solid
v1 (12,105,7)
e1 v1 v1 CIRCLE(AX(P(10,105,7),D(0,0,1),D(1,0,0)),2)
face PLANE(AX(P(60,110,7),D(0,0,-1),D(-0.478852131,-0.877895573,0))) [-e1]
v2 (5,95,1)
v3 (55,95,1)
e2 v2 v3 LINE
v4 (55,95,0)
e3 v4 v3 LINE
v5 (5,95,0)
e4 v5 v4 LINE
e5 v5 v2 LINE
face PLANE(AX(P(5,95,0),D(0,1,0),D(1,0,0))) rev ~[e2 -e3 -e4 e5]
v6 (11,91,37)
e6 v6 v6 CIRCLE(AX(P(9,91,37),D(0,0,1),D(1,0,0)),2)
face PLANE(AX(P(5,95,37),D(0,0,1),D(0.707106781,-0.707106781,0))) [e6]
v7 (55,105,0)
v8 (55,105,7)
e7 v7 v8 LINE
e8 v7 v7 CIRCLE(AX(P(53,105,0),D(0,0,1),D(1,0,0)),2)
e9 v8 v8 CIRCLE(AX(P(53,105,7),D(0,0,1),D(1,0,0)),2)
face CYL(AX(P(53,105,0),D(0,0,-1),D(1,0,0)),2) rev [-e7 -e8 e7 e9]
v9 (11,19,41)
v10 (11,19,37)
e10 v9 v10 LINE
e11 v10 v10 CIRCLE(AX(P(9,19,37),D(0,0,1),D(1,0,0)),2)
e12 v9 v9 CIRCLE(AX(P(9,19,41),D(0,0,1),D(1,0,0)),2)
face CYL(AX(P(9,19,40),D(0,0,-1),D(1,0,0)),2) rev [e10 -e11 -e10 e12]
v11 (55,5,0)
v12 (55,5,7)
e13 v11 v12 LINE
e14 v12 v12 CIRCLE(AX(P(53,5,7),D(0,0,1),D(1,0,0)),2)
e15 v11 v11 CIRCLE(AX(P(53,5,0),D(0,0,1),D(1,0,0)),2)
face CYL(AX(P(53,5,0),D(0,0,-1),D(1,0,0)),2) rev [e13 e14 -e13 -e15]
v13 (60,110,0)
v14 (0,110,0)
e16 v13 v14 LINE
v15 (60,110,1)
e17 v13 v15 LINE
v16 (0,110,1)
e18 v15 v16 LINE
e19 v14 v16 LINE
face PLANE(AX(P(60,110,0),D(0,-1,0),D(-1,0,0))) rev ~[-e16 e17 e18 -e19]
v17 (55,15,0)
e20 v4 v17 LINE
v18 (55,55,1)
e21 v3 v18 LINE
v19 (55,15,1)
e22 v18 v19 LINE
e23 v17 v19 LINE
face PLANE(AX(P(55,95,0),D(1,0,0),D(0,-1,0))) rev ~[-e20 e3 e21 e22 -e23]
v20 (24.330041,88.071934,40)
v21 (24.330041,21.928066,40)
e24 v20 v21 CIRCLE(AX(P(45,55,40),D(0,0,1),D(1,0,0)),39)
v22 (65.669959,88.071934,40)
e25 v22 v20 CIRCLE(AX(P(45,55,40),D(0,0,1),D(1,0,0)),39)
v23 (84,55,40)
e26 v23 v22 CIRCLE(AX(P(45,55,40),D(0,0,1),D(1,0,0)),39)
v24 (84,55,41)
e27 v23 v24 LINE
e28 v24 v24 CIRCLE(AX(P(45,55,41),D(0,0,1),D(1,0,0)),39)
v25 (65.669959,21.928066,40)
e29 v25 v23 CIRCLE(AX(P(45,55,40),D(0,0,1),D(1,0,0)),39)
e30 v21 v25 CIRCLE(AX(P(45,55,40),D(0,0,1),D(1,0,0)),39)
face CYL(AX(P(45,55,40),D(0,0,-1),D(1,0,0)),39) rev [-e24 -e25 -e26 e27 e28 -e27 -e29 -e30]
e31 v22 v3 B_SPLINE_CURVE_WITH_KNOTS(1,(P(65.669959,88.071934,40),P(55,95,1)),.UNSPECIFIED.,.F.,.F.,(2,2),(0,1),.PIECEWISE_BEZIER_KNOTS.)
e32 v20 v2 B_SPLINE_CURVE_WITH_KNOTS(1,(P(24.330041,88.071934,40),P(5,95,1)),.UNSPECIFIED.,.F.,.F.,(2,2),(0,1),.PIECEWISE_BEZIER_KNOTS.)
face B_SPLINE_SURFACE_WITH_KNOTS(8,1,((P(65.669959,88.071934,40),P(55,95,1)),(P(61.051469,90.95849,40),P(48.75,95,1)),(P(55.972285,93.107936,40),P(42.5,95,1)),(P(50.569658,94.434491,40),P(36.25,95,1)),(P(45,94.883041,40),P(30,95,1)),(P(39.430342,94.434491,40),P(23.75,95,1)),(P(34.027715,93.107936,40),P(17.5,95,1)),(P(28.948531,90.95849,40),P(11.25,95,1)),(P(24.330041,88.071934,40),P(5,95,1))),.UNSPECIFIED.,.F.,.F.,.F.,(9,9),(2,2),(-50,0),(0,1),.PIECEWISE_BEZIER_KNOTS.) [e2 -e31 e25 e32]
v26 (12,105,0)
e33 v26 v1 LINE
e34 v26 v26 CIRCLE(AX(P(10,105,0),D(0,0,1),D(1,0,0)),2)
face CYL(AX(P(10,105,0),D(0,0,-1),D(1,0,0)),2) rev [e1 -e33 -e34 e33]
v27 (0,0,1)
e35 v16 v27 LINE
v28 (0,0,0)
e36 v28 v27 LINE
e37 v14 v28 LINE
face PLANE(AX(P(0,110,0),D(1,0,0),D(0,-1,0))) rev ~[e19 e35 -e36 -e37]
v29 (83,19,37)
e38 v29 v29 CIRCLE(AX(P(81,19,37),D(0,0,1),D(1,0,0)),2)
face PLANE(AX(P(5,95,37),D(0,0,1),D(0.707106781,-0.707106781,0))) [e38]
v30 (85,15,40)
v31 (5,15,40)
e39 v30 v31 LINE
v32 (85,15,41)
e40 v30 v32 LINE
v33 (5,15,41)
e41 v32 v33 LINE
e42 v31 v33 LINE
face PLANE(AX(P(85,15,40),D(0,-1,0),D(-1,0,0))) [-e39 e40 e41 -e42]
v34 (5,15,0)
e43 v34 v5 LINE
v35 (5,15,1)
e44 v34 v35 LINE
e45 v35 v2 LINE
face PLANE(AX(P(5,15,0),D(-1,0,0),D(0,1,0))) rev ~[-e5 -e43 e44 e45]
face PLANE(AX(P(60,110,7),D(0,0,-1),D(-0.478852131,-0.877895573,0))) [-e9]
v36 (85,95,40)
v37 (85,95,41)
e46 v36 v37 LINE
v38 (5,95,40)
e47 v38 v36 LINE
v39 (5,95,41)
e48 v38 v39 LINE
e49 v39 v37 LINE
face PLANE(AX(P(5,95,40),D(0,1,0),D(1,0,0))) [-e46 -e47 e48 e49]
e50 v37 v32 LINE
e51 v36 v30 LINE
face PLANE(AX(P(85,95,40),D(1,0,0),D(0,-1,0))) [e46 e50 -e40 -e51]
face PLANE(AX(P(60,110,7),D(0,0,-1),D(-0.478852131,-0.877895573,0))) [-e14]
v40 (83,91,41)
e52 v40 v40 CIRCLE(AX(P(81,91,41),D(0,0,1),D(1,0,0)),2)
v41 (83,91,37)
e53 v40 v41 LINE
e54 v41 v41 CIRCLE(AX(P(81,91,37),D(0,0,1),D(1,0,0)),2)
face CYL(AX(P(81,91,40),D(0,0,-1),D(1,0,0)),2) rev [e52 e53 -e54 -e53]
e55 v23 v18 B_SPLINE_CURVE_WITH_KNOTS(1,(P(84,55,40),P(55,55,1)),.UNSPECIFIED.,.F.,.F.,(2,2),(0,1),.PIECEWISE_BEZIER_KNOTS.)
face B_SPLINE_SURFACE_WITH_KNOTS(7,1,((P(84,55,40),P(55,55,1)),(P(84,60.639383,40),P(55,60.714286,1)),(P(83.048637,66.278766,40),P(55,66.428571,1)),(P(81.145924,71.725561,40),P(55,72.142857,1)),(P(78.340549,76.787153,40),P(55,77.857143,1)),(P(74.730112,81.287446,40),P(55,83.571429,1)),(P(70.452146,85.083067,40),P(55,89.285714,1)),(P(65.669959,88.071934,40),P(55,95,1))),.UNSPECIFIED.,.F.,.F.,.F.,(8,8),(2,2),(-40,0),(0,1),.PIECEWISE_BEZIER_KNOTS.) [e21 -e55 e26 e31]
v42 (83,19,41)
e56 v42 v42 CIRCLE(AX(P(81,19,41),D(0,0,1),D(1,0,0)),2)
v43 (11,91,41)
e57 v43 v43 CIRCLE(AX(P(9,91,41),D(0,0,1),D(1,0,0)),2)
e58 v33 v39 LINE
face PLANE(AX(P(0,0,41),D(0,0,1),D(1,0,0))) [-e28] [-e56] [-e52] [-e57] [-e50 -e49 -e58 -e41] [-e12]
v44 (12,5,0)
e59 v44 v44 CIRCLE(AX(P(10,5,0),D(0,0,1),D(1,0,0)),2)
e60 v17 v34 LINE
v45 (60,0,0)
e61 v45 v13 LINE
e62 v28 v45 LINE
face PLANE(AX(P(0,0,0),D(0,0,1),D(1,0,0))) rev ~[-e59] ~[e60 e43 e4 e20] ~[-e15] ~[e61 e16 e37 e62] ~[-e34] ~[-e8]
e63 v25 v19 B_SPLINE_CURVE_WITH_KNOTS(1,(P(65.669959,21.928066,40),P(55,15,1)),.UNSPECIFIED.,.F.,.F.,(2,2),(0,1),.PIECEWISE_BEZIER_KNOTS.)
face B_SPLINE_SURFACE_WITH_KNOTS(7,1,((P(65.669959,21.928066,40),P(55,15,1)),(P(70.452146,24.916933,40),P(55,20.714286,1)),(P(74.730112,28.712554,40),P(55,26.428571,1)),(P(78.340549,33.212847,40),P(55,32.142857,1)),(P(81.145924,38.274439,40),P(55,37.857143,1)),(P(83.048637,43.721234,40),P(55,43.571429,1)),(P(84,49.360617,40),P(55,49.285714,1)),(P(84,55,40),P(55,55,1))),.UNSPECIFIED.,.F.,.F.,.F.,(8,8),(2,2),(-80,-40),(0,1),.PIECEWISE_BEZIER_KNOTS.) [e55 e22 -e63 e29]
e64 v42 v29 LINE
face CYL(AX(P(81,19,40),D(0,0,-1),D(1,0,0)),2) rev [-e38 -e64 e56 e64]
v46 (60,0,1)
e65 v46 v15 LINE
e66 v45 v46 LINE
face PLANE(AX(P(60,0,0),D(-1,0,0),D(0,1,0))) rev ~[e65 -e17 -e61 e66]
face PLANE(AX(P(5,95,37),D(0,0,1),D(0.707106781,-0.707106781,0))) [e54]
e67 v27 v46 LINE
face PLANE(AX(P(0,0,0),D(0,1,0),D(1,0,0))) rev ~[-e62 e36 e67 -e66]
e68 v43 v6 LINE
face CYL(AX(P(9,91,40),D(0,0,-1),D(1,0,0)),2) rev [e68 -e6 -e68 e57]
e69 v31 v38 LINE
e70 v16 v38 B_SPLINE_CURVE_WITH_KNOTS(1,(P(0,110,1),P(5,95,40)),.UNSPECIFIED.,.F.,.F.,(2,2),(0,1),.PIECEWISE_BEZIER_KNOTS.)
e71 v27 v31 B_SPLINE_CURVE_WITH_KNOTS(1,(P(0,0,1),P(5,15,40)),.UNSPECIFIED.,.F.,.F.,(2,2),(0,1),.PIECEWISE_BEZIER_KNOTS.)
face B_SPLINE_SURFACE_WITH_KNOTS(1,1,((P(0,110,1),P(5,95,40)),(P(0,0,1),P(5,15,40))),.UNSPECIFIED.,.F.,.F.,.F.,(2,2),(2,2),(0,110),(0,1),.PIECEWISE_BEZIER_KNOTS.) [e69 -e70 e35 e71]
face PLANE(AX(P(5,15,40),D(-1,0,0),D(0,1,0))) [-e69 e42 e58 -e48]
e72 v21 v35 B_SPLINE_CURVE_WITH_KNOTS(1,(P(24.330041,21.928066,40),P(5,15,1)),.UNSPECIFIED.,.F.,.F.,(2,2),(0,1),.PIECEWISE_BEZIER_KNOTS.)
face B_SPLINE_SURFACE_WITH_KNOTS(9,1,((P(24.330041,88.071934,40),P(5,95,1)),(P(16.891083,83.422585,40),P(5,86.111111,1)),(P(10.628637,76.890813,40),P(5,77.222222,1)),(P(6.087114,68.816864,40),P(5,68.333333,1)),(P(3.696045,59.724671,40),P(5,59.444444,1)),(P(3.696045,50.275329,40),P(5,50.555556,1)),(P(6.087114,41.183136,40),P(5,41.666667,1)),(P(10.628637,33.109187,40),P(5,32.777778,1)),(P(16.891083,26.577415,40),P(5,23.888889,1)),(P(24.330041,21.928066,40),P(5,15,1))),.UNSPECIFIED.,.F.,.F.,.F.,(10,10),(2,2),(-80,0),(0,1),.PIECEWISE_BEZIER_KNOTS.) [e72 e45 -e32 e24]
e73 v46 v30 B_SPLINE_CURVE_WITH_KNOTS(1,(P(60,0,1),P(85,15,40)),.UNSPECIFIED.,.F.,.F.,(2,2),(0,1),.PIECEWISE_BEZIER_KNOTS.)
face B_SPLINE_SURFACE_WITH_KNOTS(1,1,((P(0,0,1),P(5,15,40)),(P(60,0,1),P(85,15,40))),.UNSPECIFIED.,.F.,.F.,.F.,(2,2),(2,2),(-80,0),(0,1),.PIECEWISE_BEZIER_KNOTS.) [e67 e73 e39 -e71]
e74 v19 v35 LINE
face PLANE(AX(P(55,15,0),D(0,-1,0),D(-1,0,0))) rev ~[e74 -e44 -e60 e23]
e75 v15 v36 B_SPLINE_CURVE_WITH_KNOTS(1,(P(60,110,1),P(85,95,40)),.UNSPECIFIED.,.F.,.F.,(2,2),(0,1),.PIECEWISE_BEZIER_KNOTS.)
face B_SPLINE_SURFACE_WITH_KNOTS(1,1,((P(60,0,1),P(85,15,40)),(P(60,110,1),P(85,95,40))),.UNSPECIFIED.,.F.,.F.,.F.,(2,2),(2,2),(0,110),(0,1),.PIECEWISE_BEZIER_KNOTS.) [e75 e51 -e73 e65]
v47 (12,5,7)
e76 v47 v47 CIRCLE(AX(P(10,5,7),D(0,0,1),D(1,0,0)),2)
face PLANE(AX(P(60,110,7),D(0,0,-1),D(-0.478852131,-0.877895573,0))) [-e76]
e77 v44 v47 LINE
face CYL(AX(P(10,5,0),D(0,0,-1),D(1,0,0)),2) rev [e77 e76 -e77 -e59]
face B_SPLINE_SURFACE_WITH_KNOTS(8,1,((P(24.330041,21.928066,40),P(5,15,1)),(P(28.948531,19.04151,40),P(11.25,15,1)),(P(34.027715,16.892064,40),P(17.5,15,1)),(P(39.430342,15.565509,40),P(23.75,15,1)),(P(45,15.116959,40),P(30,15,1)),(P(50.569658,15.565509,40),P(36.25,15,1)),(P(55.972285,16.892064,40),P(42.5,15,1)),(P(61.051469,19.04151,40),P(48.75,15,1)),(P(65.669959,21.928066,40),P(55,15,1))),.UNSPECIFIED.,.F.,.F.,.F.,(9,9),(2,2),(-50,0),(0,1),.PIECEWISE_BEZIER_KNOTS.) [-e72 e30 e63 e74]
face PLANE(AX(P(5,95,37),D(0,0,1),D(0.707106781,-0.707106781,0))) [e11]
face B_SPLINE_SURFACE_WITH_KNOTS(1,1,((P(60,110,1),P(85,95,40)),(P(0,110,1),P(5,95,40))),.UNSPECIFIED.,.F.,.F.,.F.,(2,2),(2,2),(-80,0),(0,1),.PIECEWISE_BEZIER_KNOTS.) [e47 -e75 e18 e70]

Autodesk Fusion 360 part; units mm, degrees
sketch "Skizze1" plane through (0, 0, 0) normal (0, 0, 1) x (1, 0, 0)
  line L0 (0, 0) -> (60, 0)
  line L1 (60, 0) -> (60, 110)
  line L2 (60, 110) -> (0, 110)
  line L3 (0, 110) -> (0, 0)
  circle A0 centre (10, 105) radius 2
  circle A1 centre (53, 105) radius 2
  circle A2 centre (10, 5) radius 2
  circle A3 centre (53, 5) radius 2
  line L4 (5, 95) -> (55, 95)
  line L5 (55, 95) -> (55, 15)
  line L6 (55, 15) -> (5, 15)
  line L7 (5, 15) -> (5, 95)
  dimension "d1" = 60
  dimension "d2" = 110
  dimension "d3" = 43
  dimension "d4" = 100
  dimension "d5" = 4
  dimension "d6" = 4
  dimension "d7" = 4
  dimension "d8" = 4
  dimension "d9" = 50
  dimension "d10" = 80
ref_plane "Arbeitsebene1" through (30, 55, 40) normal (0, 0, 1) x (1, 0, 0)
sketch "Skizze2" plane through (0, 0, 40) normal (0, 0, 1) x (1, 0, 0)
  line L0 (5, 95) -> (85, 95)
  line L1 (85, 95) -> (85, 15)
  line L2 (85, 15) -> (5, 15)
  line L3 (5, 15) -> (5, 95)
  circle A0 centre (81, 19) radius 2
  circle A1 centre (9, 19) radius 2
  circle A2 centre (9, 91) radius 2
  circle A3 centre (81, 91) radius 2
  circle A4 centre (45, 55) radius 39
  dimension "d12" = 80
  dimension "d13" = 80
  dimension "d14" = 72
  dimension "d15" = 72
  dimension "d18" = 4
  dimension "d19" = 4
  dimension "d20" = 4
  dimension "d21" = 4
  dimension "d22" = 78
extrude "Extrusion1" add sketch "Skizze2" along normal blind 1 makes body 1
extrude "Extrusion2" add sketch "Skizze1" along normal blind 1 separate body makes body 2
sketch "Skizze3" plane through (0, 0, 1) normal (0, 0, 1) x (-1, 0, 0)
  circle A0 centre (-53, -5) radius 2
  circle A1 centre (-10, -105) radius 2
  line L0 (-55, -15) -> (-5, -15)
  line L1 (-5, -15) -> (-5, -95)
  line L2 (-5, -95) -> (-55, -95)
  line L3 (-55, -95) -> (-55, -15)
  circle A2 centre (-10, -5) radius 2
  circle A3 centre (-53, -105) radius 2
  line L4 (0, -110) -> (0, 0)
  line L5 (0, 0) -> (-60, 0)
  line L6 (-60, 0) -> (-60, -110)
  line L7 (-60, -110) -> (0, -110)
  line L8 (-5, -95) -> (-55, -95)
  line L9 (-55, -95) -> (-55, -15)
  line L10 (-55, -15) -> (-5, -15)
  line L11 (-5, -15) -> (-5, -95)
sketch "Skizze4" plane through (0, 0, 40) normal (0, 0, -1) x (1, 0, 0)
  circle A0 centre (9, -91) radius 2
  circle A1 centre (9, -19) radius 2
  circle A2 centre (45, -55) radius 39
  circle A3 centre (81, -91) radius 2
  circle A4 centre (81, -19) radius 2
  line L0 (85, -15) -> (5, -15)
  line L1 (5, -15) -> (5, -95)
  line L2 (5, -95) -> (85, -95)
  line L3 (85, -95) -> (85, -15)
  circle A5 centre (45, -55) radius 39
loft "Erhebung1" add profiles "Skizze3", "Skizze4" section 1 section 2 bodies 1 2
loft "Erhebung2" cut section 1 face at (50.4593, 44.7073, 40) section 2 face at (38.3333, 68.3333, 1) on bodies 1 bodies 1
extrude "Extrusion3" cut 4 faces at (9.0794, 18.5317, 40) (9.5113, 91.1239, 40) (80.8813, 90.5466, 40) (80.1558, 20.1279, 40) along direction (0, 0, -1) blind 3 on bodies 1 bodies 1
extrude "Extrusion4" cut 4 faces at (52.3408, 5.0994, 1) (53.6332, 104.277, 1) (10.637, 103.8966, 1) (10.4521, 6.4238, 1) along direction (0, 0, 1) blind 6 on bodies 1 bodies 1
